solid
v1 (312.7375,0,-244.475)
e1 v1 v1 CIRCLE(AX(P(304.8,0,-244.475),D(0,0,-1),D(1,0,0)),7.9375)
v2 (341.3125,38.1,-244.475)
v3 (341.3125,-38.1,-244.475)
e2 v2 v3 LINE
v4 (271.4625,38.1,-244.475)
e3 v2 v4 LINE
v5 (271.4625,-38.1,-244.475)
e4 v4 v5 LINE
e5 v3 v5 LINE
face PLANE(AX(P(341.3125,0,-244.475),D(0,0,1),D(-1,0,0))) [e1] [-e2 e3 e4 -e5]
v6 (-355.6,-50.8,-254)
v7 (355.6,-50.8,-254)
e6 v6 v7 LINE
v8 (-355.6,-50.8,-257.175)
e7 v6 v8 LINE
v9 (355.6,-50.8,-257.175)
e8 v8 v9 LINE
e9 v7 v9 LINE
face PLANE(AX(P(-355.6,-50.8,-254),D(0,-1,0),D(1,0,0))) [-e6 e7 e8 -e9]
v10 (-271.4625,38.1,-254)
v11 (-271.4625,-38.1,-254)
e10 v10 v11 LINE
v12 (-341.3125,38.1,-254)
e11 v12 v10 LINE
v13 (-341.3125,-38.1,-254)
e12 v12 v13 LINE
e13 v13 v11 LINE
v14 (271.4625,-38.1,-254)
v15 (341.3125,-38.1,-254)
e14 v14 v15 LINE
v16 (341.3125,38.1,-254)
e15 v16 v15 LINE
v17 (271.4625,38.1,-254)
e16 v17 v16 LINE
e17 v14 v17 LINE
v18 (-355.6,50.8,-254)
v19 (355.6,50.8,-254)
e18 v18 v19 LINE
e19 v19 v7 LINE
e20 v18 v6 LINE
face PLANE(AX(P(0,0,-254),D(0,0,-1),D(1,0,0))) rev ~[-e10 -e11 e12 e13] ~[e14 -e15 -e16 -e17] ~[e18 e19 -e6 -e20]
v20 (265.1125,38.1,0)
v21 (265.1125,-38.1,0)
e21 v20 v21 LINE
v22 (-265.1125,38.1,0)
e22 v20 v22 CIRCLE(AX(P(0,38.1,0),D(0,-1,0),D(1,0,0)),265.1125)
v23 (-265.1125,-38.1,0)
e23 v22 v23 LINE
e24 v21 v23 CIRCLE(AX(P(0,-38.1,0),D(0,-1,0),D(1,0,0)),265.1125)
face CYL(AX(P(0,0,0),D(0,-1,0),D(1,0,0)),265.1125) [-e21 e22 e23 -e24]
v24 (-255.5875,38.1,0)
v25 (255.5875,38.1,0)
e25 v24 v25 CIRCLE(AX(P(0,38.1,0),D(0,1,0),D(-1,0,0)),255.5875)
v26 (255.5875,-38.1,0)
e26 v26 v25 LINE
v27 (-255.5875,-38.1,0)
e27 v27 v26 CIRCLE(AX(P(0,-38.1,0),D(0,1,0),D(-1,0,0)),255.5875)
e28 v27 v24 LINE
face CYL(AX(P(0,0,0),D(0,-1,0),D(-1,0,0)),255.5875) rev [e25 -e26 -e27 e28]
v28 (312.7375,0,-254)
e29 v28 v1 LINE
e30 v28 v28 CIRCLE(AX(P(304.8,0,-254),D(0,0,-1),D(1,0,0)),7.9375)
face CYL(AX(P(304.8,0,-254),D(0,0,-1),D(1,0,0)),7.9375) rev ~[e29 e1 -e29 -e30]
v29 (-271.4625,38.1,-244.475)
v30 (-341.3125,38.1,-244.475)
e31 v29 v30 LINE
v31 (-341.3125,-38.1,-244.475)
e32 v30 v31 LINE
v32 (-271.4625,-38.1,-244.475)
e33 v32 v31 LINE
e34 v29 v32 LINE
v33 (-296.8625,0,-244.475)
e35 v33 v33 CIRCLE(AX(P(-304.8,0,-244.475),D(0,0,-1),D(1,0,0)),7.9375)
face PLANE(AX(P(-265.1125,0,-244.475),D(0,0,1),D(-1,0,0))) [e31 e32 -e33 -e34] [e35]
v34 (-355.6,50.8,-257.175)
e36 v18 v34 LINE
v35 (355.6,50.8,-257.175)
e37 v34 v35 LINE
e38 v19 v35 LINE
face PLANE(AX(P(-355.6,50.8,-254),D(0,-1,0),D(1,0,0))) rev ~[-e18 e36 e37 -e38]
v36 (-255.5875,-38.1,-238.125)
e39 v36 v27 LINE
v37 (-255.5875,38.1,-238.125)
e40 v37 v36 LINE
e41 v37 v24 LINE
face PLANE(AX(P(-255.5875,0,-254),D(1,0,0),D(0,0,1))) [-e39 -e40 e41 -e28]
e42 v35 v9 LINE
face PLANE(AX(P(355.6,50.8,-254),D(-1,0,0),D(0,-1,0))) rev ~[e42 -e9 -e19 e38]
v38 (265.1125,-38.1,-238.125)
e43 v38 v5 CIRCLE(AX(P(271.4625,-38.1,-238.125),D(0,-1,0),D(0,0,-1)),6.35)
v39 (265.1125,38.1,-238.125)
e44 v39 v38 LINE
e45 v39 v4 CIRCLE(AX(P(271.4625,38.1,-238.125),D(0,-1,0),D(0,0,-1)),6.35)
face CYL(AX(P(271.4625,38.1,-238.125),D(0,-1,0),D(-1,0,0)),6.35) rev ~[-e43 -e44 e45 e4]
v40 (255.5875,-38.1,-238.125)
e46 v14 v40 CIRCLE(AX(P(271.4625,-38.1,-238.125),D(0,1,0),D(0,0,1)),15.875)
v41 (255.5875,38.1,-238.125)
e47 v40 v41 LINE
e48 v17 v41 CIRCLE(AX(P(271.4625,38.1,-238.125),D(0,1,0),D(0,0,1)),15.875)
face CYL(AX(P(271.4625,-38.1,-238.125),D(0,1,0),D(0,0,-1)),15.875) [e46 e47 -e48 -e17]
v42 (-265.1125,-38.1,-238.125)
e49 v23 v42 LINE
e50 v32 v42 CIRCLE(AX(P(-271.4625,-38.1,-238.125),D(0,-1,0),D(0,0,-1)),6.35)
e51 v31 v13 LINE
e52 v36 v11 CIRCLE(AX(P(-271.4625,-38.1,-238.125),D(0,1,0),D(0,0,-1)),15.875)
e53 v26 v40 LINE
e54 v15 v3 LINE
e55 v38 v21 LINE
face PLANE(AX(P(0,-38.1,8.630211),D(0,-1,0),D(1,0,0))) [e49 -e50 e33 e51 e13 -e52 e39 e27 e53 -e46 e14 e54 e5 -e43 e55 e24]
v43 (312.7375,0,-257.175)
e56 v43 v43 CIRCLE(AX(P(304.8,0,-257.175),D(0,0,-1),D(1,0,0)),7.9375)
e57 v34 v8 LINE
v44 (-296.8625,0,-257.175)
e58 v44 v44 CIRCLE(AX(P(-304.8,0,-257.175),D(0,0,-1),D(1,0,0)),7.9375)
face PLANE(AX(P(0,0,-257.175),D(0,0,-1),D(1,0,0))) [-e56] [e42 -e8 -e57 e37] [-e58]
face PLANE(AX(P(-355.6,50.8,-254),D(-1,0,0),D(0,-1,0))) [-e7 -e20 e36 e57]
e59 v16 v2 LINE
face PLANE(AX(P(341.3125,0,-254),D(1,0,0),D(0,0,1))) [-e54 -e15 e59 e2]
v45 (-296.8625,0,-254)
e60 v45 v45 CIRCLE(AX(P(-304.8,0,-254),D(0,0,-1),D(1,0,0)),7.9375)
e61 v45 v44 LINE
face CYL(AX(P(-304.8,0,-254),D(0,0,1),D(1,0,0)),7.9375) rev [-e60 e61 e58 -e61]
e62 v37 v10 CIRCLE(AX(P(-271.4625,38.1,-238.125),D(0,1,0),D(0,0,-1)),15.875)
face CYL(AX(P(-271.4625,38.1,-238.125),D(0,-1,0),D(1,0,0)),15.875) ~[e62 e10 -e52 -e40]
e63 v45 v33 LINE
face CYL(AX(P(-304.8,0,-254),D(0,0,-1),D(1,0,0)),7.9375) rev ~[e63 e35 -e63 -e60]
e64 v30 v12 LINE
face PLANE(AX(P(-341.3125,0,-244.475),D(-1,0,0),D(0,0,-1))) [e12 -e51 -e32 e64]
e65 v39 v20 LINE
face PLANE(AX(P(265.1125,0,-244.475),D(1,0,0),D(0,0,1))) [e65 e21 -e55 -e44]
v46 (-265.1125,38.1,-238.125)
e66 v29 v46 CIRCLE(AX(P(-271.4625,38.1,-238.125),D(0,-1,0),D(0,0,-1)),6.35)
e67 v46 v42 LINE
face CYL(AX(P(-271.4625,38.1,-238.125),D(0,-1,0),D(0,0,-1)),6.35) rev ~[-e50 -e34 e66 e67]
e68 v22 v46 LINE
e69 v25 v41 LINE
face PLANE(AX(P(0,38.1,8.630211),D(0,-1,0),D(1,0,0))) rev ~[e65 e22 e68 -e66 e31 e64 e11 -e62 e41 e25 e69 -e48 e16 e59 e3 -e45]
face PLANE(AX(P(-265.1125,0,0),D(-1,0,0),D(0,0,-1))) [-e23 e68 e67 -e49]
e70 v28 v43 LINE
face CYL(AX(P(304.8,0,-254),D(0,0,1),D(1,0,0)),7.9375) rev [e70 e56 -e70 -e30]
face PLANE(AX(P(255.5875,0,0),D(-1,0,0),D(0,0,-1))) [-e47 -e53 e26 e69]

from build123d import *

# Parameters (mm, degrees)
F1_DEPTH = 38.1
F2_R     = 6.35
F3_R     = 15.875
F4_R     = 7.9375
F5_DEPTH = 25.4
F6_W     = 711.2
F6_H     = 101.6
F6_R     = 7.9375
F7_DEPTH = 3.175


with BuildPart() as f1:
    # F0 (on Front) → F1 (new body, symmetric)
    with BuildSketch(Plane.XZ):
        with BuildLine():
            Line((255.5875, -254), (341.3125, -254))
            Line((341.3125, -254), (341.3125, -244.475))
            Line((341.3125, -244.475), (265.1125, -244.475))
            Line((265.1125, -244.475), (265.1125, 0))
            ThreePointArc((265.1125, 0), (0, 265.1125), (-265.1125, 0))
            Line((-265.1125, 0), (-265.1125, -244.475))
            Line((-265.1125, -244.475), (-341.3125, -244.475))
            Line((-341.3125, -244.475), (-341.3125, -254))
            Line((-341.3125, -254), (-255.5875, -254))
            Line((-255.5875, -254), (-255.5875, 0))
            ThreePointArc((-255.5875, 0), (0, 255.5875), (255.5875, 0))
            Line((255.5875, 0), (255.5875, -254))
        make_face()
    extrude(amount=F1_DEPTH, both=True)

    # F2
    f2_edges = [f1.edges().sort_by_distance(p)[0] for p in [
        (-265.1125, 0, -244.475),
        (265.1125, 0, -244.475),
    ]]
    fillet(f2_edges, radius=F2_R)

    # F3
    f3_edges = [f1.edges().sort_by_distance(p)[0] for p in [
        (-255.5875, 0, -254),
        (255.5875, 0, -254),
    ]]
    fillet(f3_edges, radius=F3_R)

    # F4 (on face) → F5 (cut)
    with BuildSketch(Plane(origin=(0, 0, -254), x_dir=(1, 0, 0), z_dir=(0, 0, -1))):
        with Locations((-304.8, 0)):
            Circle(F4_R)
        with Locations((304.8, 0)):
            Circle(F4_R)
    extrude(amount=-F5_DEPTH, mode=Mode.SUBTRACT)

    # F6 (on face) → F7 (join)
    with BuildSketch(Plane(origin=(0, 0, -254), x_dir=(1, 0, 0), z_dir=(0, 0, -1))):
        Rectangle(F6_W, F6_H)
        with Locations((-304.8, 0)):
            Circle(F6_R, mode=Mode.SUBTRACT)
        with Locations((304.8, 0)):
            Circle(F6_R, mode=Mode.SUBTRACT)
    extrude(amount=F7_DEPTH)


solid = f1.part
